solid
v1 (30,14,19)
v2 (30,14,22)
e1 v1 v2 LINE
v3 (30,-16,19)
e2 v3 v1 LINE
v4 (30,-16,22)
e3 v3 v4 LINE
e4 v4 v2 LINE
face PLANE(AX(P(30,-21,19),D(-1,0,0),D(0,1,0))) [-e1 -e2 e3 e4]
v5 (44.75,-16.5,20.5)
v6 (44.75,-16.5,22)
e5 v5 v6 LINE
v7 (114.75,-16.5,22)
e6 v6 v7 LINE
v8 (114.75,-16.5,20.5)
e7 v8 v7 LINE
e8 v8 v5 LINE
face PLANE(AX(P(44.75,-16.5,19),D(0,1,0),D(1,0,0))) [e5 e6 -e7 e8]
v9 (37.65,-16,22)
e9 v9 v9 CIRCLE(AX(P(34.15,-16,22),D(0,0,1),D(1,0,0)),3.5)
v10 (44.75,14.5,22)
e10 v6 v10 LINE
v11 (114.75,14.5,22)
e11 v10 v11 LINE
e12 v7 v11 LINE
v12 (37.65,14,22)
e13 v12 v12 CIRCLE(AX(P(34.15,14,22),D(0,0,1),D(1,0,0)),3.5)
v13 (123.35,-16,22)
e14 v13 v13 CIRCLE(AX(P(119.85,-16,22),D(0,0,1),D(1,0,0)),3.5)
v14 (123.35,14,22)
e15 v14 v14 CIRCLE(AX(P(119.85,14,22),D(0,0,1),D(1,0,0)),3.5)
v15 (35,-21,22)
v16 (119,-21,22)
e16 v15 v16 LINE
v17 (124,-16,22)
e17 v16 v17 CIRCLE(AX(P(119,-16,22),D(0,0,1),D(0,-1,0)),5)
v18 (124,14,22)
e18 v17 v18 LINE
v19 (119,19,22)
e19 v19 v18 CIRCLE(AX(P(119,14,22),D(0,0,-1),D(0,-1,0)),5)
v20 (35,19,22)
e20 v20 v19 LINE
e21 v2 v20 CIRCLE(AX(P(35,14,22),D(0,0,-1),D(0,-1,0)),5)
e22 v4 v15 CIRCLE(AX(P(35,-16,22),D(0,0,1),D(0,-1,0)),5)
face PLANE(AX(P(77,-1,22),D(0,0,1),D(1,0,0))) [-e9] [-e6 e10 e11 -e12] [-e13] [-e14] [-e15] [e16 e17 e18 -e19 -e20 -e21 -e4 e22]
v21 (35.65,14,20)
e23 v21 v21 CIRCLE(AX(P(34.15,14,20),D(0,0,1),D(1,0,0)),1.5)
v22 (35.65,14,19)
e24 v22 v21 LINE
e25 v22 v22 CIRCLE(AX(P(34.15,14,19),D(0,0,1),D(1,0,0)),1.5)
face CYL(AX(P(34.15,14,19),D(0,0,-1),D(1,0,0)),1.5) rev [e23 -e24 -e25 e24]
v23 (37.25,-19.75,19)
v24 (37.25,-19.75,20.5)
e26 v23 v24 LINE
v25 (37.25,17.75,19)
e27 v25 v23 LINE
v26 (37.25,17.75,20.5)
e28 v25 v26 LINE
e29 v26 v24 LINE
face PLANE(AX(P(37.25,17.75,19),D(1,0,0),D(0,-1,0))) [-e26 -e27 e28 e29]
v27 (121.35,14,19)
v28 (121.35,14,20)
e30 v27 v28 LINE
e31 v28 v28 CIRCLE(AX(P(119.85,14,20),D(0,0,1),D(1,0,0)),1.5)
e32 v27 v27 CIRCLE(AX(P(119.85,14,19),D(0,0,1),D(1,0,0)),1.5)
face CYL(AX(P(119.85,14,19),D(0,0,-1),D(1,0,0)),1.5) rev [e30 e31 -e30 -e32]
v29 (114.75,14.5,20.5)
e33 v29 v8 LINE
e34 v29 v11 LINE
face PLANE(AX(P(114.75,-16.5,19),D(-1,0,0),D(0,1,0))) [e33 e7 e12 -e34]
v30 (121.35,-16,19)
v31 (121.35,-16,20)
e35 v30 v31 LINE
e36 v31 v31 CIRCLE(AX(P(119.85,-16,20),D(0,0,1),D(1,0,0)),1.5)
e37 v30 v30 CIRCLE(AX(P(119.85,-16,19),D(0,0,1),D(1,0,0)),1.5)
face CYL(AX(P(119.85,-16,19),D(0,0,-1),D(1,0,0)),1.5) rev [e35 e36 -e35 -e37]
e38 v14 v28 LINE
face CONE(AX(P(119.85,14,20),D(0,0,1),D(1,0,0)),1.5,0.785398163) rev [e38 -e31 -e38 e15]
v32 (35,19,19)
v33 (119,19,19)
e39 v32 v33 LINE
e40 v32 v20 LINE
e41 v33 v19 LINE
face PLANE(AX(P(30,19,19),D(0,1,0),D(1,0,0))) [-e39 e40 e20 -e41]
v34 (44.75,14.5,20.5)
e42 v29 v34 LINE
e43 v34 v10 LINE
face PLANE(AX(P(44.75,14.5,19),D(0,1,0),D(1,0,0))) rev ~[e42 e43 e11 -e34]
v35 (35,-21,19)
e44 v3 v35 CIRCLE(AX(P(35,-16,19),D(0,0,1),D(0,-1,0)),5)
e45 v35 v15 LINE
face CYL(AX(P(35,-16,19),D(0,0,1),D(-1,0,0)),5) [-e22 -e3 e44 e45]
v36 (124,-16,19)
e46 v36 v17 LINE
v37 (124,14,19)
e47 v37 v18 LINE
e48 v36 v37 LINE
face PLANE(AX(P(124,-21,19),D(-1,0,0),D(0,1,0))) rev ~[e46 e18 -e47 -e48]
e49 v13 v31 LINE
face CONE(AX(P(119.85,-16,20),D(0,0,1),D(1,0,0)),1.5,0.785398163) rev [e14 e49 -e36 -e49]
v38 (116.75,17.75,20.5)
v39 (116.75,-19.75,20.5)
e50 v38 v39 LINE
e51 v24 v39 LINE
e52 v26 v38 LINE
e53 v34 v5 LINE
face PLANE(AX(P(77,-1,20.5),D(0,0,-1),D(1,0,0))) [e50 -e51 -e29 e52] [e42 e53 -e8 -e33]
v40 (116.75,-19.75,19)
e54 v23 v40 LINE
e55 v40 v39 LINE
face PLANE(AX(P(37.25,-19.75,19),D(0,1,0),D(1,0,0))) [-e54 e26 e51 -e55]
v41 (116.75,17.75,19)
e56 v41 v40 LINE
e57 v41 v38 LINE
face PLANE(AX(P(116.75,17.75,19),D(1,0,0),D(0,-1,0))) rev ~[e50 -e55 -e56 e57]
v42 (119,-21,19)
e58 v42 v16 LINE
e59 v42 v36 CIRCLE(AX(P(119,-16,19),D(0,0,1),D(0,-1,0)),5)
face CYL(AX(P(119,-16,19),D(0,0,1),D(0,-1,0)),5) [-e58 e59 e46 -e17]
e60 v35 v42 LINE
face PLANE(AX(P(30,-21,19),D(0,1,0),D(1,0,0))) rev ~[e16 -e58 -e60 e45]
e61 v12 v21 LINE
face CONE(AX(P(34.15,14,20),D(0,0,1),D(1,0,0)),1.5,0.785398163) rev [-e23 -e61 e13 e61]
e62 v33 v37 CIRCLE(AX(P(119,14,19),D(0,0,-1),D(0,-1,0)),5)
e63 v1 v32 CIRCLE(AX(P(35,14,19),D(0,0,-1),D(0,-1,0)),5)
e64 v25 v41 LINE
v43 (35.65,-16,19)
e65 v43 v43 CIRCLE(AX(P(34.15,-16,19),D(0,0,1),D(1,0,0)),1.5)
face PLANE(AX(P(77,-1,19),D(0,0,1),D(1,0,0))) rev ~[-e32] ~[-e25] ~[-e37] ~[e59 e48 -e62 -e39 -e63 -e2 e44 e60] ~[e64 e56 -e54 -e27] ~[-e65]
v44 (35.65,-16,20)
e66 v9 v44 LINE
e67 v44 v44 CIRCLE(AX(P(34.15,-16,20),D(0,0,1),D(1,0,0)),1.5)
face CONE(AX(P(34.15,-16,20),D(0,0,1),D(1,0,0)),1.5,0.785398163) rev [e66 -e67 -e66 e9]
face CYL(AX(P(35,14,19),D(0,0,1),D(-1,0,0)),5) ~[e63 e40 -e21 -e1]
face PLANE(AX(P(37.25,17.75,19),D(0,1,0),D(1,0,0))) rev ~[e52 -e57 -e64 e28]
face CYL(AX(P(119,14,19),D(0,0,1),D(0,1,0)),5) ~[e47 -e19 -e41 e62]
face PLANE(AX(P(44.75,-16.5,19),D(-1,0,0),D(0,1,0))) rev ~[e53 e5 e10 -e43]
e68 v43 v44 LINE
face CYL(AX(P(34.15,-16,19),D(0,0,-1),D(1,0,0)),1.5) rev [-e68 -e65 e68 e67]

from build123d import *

# Parameters (mm, degrees)
SKETCH001_W   = 94
SKETCH001_H   = 40
SKETCH001_R   = 1.5
SKETCH001_W_2 = 70
SKETCH001_H_2 = 31
PAD001_DEPTH  = 3
SKETCH002_W   = 79.5
SKETCH002_H   = 37.5
POCKET_DEPTH  = 1.5
FILLET_R      = 5
CHAMFER_SIZE  = 2


with BuildPart() as part:
    # Sketch001 → Pad001 (new body)
    with BuildSketch(Plane.XY):
        Rectangle(SKETCH001_W, SKETCH001_H)
        with Locations((-42.85, 15)):
            Circle(SKETCH001_R, mode=Mode.SUBTRACT)
        with Locations((-42.85, -15)):
            Circle(SKETCH001_R, mode=Mode.SUBTRACT)
        with Locations((42.85, 15)):
            Circle(SKETCH001_R, mode=Mode.SUBTRACT)
        with Locations((42.85, -15)):
            Circle(SKETCH001_R, mode=Mode.SUBTRACT)
        with Locations((2.75, 0)):
            Rectangle(SKETCH001_W_2, SKETCH001_H_2, mode=Mode.SUBTRACT)
    extrude(amount=PAD001_DEPTH)

    # Sketch002 (on Face13 of Pad001) → Pocket (cut)
    with BuildSketch(Plane(origin=(0, 0, 0), x_dir=(1, 0, 0), z_dir=(0, 0, -1))):
        Rectangle(SKETCH002_W, SKETCH002_H)
    extrude(amount=-POCKET_DEPTH, mode=Mode.SUBTRACT)

    # Fillet
    fillet_edges = [part.edges().sort_by_distance(p)[0] for p in [
        (-47, -20, 1.5),
        (-47, 20, 1.5),
        (47, -20, 1.5),
        (47, 20, 1.5),
    ]]
    fillet(fillet_edges, radius=FILLET_R)

    # Chamfer
    chamfer_edges = [part.edges().sort_by_distance(p)[0] for p in [
        (41.35, -15, 3),
        (41.35, 15, 3),
        (-44.35, -15, 3),
        (-44.35, 15, 3),
    ]]
    chamfer(chamfer_edges, length=CHAMFER_SIZE)


with BuildPart() as part_1:
    # Body001 placement: moved
    add(part.part.moved(Location((77, -1, 19))))


solid = part_1.part
